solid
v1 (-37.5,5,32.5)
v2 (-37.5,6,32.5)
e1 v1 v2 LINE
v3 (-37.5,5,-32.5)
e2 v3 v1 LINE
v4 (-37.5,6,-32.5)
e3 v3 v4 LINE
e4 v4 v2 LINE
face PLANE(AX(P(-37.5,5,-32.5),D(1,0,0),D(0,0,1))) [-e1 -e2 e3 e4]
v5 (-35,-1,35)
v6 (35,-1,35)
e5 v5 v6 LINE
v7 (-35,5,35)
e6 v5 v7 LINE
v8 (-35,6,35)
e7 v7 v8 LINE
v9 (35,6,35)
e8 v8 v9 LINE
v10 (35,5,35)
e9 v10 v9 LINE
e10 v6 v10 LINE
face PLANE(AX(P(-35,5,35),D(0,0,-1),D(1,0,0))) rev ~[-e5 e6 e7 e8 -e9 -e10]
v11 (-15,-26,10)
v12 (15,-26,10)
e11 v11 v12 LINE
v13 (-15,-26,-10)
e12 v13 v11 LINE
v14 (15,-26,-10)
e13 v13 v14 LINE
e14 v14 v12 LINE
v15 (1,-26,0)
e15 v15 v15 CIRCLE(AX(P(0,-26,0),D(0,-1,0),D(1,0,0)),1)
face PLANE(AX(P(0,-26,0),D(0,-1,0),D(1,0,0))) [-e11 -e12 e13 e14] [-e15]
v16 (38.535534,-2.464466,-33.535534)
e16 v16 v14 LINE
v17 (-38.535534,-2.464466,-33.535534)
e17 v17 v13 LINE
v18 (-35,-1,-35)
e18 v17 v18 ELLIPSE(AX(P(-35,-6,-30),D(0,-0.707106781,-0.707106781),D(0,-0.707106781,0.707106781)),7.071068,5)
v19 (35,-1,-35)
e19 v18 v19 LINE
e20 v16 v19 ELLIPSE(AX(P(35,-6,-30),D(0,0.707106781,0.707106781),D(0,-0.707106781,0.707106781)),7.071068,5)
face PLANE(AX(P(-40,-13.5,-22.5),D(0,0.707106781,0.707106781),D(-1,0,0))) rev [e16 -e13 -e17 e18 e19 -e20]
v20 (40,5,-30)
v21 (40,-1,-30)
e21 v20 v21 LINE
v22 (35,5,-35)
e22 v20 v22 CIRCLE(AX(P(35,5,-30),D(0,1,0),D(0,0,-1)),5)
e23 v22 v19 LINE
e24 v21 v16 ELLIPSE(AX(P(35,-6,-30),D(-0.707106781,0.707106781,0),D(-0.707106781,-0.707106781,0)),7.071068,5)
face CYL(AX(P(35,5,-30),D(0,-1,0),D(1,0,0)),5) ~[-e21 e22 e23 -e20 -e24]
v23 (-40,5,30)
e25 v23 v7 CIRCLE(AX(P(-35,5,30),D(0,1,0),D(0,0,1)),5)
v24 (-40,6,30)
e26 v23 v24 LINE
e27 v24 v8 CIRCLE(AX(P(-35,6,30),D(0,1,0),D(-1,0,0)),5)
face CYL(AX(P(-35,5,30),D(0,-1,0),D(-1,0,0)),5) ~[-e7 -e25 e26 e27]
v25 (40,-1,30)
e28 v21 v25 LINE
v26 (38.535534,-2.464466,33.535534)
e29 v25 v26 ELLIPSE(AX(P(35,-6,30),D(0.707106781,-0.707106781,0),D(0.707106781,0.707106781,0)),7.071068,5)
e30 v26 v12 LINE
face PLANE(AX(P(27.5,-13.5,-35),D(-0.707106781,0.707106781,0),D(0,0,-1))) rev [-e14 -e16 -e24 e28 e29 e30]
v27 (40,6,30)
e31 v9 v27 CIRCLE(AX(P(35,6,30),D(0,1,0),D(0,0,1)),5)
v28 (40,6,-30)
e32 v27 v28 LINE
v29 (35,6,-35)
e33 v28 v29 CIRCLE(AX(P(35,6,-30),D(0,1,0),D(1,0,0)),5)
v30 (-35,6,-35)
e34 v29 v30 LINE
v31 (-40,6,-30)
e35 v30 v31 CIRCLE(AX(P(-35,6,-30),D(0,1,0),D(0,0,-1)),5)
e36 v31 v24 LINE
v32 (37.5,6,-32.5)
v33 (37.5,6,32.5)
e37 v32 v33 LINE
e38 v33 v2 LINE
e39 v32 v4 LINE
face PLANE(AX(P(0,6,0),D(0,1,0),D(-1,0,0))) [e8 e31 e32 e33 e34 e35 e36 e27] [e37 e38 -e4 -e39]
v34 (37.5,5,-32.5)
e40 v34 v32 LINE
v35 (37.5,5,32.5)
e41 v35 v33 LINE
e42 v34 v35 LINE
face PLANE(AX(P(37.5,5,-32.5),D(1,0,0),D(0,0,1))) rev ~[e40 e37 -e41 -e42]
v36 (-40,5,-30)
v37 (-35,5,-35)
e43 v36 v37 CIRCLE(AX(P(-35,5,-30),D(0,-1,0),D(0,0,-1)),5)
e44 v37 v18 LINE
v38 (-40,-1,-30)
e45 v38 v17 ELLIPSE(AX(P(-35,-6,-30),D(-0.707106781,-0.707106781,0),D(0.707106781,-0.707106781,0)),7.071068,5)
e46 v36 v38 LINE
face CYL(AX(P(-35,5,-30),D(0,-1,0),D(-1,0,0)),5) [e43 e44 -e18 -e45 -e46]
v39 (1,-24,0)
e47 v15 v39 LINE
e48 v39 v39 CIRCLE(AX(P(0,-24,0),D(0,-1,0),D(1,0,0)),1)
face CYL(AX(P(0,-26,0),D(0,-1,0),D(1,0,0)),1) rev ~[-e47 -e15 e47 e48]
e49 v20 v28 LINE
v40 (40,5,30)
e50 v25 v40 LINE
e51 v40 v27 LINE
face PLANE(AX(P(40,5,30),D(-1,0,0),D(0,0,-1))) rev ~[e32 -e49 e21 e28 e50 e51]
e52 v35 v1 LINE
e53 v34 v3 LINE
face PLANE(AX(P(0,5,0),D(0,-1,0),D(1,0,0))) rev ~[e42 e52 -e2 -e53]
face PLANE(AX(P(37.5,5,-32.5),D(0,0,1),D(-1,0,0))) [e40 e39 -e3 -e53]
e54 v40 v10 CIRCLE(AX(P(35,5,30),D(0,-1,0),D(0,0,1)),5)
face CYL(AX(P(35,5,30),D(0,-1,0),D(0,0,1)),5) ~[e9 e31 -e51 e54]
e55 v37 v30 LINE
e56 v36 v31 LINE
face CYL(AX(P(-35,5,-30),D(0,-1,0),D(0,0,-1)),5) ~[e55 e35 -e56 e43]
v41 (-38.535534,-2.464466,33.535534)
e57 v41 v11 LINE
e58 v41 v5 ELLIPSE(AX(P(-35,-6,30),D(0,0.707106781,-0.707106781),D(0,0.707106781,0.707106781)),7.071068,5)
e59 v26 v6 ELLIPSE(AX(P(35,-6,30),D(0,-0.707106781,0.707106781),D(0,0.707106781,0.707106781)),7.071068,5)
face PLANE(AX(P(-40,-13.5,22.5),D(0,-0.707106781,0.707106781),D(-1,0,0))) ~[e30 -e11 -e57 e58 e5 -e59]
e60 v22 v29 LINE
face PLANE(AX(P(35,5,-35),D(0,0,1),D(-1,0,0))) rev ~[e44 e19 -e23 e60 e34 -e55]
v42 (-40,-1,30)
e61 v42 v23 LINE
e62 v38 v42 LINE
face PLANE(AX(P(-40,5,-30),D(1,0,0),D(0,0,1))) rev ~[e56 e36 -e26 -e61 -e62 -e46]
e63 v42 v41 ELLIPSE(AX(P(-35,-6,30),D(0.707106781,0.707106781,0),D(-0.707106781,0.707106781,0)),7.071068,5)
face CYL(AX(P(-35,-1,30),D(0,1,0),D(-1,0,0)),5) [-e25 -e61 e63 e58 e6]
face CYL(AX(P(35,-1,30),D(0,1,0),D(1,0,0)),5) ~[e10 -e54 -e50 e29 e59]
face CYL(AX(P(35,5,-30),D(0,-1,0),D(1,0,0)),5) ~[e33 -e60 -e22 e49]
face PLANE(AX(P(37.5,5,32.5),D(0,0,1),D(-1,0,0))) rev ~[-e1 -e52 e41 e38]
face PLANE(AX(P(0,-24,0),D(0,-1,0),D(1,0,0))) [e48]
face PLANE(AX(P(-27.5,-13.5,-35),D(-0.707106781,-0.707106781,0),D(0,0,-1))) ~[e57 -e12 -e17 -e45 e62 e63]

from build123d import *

# Parameters (mm, degrees)
F0_W     = 80
F0_H     = 70
F1_DEPTH = 26
F2_SIZE  = 25
F3_DEPTH = 5
F4_R     = 5
F5_W     = 75
F5_H     = 65
F6_DEPTH = 1
F7_R     = 1
F8_DEPTH = 2


with BuildPart() as f1:
    # F0 (on Front) → F1 (new body)
    with BuildSketch(Plane.XZ):
        Rectangle(F0_W, F0_H)
    extrude(amount=F1_DEPTH)

    # F2
    f2_edges = [f1.edges().sort_by_distance(p)[0] for p in [
        (0, -26, -35),
        (40, -26, 0),
        (0, -26, 35),
        (-40, -26, 0),
    ]]
    chamfer(f2_edges, length=F2_SIZE)

    # F3 (add): a face of the model
    f3_faces = [f1.faces().sort_by_distance(p)[0] for p in [
        (0, 0, 0),
    ]]
    extrude(f3_faces, amount=F3_DEPTH)

    # F4
    f4_edges = [f1.edges().sort_by_distance(p)[0] for p in [
        (40, 2, 35),
        (-40, 2, 35),
        (40, 2, -35),
        (-40, 2, -35),
    ]]
    fillet(f4_edges, radius=F4_R)

    # F5 (on face) → F6 (join)
    with BuildSketch(Plane(origin=(0, 5, 0), x_dir=(-1, 0, 0), z_dir=(0, 1, 0))):
        with BuildLine():
            ThreePointArc((-40, -30), (-38.5355339059, -33.5355339059), (-35, -35))
            Line((-35, -35), (35, -35))
            ThreePointArc((35, -35), (38.5355339059, -33.5355339059), (40, -30))
            Line((40, -30), (40, 30))
            ThreePointArc((40, 30), (38.5355339059, 33.5355339059), (35, 35))
            Line((35, 35), (-35, 35))
            ThreePointArc((-35, 35), (-38.5355339059, 33.5355339059), (-40, 30))
            Line((-40, 30), (-40, -30))
        make_face()
        Rectangle(F5_W, F5_H, mode=Mode.SUBTRACT)
    extrude(amount=F6_DEPTH)

    # F7 (on face) → F8 (cut)
    with BuildSketch(Plane.XZ.offset(26)):
        Circle(F7_R)
    extrude(amount=-F8_DEPTH, mode=Mode.SUBTRACT)


solid = f1.part
